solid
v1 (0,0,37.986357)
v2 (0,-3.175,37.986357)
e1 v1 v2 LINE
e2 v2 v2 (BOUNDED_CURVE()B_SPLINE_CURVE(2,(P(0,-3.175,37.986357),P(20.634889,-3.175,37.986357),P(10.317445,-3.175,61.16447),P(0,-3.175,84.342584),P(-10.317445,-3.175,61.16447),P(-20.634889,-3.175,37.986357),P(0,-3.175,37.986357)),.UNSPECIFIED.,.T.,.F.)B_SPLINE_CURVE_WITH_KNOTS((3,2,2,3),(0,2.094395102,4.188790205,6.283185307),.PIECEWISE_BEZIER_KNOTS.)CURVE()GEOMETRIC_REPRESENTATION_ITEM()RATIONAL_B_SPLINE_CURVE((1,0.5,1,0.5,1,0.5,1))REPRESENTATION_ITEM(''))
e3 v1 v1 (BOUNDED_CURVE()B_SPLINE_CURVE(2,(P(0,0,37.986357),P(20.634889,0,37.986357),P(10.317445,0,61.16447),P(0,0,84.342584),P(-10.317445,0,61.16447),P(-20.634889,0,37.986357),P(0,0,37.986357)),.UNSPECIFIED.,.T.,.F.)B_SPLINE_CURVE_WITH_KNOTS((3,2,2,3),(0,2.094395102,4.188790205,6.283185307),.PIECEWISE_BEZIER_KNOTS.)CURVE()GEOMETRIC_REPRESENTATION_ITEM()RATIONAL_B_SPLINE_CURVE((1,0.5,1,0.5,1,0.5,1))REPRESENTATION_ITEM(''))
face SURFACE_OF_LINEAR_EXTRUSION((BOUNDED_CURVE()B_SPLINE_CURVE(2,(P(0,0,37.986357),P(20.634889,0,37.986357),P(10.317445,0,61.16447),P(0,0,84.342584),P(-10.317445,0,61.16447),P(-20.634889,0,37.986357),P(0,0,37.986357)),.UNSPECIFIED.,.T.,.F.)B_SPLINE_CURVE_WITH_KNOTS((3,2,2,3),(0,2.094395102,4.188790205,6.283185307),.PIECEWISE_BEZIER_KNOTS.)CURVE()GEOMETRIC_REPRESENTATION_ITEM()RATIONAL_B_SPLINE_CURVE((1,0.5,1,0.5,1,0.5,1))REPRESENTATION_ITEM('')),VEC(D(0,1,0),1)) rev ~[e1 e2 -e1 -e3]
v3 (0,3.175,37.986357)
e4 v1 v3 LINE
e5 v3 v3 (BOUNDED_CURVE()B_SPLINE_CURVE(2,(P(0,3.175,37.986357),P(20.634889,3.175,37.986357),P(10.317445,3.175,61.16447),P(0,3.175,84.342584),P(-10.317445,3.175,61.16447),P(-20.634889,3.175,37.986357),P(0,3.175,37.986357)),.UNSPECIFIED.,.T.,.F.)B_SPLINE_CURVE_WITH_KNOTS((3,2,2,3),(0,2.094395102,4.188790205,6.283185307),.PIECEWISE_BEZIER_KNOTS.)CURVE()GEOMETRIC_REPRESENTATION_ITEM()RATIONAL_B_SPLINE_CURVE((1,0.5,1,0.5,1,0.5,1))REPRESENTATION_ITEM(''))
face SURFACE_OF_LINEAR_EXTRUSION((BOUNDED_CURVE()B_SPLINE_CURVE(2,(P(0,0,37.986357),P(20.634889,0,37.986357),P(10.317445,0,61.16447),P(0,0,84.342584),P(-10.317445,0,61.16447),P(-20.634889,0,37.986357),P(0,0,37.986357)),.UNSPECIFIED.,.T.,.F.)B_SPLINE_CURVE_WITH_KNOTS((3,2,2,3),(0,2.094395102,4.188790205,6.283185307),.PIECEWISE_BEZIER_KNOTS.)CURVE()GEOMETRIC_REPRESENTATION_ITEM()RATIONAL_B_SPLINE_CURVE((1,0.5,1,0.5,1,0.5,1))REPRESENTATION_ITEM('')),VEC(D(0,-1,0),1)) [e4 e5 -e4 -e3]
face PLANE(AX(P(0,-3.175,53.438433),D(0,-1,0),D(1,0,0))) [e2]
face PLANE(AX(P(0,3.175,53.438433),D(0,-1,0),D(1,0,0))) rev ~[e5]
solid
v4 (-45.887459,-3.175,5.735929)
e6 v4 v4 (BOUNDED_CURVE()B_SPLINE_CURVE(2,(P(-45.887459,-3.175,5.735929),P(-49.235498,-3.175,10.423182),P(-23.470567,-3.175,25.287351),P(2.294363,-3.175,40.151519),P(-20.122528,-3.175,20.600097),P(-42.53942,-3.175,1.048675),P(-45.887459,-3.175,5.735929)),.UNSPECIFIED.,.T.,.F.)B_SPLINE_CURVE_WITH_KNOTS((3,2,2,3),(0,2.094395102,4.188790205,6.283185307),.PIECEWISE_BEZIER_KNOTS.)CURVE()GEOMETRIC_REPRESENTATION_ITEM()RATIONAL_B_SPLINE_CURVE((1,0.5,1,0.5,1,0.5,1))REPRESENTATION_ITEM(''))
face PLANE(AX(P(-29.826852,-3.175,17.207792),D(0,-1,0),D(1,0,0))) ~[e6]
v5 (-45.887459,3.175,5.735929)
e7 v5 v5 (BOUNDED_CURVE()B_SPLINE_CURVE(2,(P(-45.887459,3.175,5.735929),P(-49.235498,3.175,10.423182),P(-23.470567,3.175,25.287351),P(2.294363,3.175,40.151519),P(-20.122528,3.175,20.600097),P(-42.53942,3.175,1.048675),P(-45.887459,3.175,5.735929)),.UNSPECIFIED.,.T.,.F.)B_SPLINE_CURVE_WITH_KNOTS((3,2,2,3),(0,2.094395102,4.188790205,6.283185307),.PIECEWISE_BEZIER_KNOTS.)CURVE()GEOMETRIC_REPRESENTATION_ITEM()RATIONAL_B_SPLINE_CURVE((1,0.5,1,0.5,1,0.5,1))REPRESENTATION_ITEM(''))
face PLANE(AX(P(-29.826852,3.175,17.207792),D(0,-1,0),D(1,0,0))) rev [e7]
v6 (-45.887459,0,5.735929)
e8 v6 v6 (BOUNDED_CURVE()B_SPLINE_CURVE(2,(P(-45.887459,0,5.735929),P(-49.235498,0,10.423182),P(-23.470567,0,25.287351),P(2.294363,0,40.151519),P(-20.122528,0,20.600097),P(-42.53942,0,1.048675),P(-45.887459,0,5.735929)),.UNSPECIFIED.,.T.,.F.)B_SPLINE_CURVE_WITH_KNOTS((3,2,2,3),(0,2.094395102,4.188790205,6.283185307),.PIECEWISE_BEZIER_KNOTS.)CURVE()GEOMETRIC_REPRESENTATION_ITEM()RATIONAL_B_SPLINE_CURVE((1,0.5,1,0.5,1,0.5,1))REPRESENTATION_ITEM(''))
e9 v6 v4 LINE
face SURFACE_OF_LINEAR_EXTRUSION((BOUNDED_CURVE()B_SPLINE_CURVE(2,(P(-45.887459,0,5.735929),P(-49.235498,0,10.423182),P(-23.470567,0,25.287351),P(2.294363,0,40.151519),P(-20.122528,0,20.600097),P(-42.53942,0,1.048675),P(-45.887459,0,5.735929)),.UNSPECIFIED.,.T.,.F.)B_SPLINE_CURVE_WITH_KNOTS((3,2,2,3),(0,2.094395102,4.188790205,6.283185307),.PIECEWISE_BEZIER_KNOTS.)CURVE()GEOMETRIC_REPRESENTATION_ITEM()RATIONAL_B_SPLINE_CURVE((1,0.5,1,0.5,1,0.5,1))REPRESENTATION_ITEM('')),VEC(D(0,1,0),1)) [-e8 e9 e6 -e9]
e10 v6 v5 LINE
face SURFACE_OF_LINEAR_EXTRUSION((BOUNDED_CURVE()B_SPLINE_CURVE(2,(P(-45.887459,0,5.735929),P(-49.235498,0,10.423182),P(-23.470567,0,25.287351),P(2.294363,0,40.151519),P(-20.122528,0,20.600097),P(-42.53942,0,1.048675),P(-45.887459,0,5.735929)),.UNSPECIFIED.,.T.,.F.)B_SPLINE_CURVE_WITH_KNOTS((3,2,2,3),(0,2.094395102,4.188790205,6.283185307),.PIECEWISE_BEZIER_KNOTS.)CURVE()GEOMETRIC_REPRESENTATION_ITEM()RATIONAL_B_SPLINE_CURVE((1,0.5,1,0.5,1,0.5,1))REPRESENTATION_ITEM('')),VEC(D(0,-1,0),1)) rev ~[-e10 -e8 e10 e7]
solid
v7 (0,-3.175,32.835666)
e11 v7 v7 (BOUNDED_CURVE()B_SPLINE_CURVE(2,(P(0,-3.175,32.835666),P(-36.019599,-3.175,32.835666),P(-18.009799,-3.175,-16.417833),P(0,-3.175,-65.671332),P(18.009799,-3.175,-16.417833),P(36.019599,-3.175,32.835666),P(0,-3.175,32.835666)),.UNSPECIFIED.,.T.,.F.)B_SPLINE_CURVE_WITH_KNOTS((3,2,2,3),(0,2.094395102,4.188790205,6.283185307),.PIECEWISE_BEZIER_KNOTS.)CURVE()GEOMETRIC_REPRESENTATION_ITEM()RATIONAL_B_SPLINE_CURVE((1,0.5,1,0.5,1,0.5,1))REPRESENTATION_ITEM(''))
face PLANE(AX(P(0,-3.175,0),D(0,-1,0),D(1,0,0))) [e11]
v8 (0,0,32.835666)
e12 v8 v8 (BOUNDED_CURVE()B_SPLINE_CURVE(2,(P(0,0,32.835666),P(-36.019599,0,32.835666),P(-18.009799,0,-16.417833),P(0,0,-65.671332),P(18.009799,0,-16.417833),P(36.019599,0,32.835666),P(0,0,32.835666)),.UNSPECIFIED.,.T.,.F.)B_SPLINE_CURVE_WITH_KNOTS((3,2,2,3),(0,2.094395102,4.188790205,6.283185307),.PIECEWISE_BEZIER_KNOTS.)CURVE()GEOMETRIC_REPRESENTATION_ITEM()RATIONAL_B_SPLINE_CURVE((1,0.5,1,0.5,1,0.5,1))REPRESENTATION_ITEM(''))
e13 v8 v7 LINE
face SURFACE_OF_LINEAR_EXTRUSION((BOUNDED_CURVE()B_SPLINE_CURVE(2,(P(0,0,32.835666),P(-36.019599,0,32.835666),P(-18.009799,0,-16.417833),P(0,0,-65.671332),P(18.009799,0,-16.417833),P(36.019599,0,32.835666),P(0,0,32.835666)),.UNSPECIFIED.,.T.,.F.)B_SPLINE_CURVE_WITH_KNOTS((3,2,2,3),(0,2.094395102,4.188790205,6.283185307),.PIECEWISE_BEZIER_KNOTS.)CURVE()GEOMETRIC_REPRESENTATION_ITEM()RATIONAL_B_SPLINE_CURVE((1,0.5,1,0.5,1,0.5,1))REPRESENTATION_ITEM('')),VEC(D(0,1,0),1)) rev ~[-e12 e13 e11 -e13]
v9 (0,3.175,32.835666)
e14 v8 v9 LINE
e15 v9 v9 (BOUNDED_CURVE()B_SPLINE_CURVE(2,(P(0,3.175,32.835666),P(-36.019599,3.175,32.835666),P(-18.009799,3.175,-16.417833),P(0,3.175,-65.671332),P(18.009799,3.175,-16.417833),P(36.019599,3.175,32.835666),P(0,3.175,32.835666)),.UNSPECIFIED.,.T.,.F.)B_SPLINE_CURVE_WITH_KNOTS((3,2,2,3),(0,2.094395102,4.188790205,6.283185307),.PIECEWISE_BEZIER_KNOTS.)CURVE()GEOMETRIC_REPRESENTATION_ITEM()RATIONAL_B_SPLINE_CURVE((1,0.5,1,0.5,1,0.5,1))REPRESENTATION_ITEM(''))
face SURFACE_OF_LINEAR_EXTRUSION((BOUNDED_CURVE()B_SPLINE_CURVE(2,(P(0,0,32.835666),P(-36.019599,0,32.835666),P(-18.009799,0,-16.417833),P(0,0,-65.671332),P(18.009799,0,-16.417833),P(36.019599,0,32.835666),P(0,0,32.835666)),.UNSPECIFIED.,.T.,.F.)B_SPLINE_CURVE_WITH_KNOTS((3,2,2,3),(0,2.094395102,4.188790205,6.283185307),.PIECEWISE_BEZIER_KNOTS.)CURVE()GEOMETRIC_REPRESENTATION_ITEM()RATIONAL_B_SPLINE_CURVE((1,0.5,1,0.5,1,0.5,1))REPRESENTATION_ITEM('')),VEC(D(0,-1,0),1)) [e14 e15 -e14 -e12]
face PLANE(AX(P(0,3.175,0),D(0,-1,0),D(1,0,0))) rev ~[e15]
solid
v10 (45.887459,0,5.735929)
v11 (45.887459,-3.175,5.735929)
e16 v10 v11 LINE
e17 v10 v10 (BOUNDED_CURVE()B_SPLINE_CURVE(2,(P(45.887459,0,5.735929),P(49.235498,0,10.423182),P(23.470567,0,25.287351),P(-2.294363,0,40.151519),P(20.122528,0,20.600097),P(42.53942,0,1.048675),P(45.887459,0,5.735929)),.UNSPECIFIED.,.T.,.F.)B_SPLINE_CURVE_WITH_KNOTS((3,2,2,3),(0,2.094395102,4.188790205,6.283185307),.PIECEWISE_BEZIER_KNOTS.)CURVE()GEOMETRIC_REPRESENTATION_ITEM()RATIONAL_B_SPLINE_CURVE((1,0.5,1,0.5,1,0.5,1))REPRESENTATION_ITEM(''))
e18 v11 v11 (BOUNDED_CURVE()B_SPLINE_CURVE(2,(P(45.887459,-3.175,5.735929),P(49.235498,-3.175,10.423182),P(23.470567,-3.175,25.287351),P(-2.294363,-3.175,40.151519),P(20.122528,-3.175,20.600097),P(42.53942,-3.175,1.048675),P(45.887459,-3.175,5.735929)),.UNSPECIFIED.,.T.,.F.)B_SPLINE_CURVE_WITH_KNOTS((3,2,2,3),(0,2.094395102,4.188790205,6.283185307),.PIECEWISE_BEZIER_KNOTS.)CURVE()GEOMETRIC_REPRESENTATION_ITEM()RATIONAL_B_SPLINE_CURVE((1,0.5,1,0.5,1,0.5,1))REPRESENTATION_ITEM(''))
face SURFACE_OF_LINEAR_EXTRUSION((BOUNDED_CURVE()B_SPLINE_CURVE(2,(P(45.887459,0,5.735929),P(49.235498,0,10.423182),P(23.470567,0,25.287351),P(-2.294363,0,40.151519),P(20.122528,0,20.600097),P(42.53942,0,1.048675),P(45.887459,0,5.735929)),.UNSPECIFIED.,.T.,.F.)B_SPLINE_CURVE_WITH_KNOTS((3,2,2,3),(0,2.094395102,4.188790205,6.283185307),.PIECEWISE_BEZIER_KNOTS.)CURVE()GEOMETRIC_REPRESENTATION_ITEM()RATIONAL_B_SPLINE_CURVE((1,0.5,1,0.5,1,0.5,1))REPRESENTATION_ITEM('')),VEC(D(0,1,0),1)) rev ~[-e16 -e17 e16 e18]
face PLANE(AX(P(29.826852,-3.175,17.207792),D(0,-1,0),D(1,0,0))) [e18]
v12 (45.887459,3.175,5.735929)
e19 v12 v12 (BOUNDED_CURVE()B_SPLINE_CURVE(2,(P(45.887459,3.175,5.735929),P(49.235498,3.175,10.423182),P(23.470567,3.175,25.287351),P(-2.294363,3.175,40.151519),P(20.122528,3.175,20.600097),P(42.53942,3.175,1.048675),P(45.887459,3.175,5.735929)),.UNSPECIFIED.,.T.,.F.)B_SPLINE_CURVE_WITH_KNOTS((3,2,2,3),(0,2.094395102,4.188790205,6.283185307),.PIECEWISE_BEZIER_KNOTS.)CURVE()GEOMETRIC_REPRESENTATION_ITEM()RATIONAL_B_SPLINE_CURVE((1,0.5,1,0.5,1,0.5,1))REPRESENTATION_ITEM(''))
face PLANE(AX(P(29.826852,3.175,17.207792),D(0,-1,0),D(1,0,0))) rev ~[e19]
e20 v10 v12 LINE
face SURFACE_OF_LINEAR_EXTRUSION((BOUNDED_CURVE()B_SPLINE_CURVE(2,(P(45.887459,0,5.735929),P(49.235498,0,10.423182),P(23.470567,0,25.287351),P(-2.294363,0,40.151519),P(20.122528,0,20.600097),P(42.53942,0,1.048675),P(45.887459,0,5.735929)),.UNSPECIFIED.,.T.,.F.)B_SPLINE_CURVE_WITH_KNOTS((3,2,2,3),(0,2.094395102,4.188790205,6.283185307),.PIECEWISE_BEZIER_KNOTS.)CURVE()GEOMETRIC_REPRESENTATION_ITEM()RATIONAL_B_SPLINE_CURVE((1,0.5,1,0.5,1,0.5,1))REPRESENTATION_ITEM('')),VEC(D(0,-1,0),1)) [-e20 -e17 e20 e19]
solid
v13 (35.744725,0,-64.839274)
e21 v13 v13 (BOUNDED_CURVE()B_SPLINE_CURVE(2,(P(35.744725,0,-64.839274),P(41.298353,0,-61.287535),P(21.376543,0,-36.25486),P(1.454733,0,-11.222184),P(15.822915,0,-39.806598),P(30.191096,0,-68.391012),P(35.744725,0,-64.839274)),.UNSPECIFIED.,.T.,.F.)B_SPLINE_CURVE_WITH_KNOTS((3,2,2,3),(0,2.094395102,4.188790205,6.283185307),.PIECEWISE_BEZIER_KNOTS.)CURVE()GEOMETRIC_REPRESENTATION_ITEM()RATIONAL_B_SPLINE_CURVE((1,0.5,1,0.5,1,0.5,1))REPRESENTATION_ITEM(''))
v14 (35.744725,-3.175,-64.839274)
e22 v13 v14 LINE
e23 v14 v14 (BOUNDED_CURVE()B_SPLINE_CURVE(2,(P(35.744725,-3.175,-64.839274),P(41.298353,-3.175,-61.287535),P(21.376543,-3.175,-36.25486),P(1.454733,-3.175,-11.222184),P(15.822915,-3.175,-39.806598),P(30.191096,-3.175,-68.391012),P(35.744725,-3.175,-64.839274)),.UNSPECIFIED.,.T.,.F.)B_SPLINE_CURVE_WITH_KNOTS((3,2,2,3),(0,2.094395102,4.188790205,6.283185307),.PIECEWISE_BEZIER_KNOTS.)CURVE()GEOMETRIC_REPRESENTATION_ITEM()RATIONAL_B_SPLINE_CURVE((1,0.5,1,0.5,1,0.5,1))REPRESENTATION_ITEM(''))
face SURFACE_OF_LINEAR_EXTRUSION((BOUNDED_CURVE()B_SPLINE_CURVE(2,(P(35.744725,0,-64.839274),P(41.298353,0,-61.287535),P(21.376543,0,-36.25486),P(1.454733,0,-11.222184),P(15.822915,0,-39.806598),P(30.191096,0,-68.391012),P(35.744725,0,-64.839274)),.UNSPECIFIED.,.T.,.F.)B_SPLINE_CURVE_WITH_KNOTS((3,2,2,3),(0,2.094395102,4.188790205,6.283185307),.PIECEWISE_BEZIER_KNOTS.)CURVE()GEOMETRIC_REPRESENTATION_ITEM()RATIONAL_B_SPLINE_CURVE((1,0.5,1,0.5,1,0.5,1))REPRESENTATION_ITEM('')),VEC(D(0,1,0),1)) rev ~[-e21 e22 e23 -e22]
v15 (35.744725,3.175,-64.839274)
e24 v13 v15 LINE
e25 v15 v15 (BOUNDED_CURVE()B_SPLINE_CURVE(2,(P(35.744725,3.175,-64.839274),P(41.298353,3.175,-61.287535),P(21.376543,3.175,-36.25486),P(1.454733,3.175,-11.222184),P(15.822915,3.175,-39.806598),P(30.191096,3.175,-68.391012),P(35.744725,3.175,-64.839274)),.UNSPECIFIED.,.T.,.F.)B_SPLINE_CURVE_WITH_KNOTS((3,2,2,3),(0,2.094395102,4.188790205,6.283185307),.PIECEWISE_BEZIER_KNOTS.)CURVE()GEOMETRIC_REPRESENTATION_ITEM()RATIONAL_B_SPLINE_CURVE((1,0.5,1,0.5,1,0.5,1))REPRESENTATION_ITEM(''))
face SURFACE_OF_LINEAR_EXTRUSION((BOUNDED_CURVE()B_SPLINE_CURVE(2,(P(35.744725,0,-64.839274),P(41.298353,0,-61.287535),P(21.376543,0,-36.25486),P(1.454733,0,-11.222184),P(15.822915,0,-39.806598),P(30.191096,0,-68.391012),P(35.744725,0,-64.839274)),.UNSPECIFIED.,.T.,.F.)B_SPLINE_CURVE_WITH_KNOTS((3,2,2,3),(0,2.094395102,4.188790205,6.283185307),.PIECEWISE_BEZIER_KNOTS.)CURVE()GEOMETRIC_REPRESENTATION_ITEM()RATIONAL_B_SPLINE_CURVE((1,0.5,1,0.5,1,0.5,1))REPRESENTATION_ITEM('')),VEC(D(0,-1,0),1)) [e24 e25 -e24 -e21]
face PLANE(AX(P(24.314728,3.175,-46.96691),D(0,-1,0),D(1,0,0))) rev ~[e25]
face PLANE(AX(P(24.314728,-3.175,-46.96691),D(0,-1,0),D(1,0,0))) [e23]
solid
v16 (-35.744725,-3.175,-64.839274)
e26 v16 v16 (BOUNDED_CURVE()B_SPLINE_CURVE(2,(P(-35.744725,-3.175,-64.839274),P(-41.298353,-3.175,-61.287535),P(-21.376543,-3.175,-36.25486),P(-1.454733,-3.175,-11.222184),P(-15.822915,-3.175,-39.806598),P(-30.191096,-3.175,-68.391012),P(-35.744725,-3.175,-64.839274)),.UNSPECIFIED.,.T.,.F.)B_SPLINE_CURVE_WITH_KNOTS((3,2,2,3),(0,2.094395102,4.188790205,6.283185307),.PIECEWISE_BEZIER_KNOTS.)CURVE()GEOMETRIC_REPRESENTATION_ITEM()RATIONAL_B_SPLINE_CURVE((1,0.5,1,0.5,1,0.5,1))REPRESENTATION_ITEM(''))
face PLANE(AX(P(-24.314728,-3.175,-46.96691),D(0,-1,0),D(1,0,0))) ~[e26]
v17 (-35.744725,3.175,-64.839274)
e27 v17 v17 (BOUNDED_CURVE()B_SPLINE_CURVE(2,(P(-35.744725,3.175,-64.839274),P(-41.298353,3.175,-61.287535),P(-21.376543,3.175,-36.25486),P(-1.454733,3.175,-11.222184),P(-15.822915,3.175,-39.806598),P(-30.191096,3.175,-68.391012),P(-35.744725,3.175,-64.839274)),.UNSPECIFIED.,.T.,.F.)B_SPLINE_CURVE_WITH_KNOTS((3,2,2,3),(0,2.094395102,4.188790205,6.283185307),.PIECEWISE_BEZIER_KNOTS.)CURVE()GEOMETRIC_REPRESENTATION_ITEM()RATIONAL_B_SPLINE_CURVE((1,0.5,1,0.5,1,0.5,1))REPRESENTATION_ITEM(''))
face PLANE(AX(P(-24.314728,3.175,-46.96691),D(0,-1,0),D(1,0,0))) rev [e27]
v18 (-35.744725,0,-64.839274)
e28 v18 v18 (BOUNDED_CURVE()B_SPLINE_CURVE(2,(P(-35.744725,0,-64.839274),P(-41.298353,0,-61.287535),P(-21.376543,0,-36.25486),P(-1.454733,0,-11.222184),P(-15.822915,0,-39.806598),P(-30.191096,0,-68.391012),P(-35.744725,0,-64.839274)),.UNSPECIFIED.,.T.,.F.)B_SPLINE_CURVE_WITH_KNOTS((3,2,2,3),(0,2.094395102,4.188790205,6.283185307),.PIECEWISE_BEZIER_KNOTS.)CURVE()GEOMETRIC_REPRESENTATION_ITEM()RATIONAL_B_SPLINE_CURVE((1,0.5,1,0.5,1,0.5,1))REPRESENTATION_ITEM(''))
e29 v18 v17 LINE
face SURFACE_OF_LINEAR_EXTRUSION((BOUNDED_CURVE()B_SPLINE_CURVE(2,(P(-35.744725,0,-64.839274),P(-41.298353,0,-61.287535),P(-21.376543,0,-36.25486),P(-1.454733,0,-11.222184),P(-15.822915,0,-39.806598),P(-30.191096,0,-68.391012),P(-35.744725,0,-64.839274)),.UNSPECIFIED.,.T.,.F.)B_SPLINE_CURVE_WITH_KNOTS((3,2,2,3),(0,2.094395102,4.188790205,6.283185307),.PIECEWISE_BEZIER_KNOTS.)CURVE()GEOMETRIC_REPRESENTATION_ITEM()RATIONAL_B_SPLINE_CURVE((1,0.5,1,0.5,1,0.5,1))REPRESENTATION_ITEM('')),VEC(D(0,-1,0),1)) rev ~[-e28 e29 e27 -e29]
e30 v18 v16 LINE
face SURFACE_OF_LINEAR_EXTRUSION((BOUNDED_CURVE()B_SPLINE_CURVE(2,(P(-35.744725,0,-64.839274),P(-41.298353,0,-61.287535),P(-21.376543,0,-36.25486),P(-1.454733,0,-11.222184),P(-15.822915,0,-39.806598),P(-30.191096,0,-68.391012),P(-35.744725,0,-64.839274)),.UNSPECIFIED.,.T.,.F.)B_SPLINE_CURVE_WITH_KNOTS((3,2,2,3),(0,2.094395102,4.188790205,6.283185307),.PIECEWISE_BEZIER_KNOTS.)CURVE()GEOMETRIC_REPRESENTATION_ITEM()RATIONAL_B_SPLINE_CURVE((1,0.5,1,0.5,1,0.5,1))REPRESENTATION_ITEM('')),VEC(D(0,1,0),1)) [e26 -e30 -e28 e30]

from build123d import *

# Parameters (mm, degrees)
F1_DEPTH = 3.175
F3_DEPTH = 3.175
F5_DEPTH = 3.175
F7_DEPTH = 3.175


with BuildPart() as f1:
    # F0 (on Front) → F1 (new body, symmetric)
    with BuildSketch(Plane.XZ):
        with BuildLine():
            add(Edge.make_bspline(
                [(0, 37.986356765), (20.634889225, 37.986356765), (10.3174446125, 61.1644703895), (0, 84.3425840139), (-10.3174446125, 61.1644703895), (-20.634889225, 37.986356765), (0, 37.986356765)],
                knots=[0, 0, 0, 2.0943951024, 2.0943951024, 4.1887902048, 4.1887902048, 6.2831853072, 6.2831853072, 6.2831853072], degree=2, weights=[1, 0.5, 1, 0.5, 1, 0.5, 1]))
        make_face()
    extrude(amount=F1_DEPTH, both=True)


with BuildPart() as f3:
    # F2 (on Front) → F3 (new body, symmetric)
    with BuildSketch(Plane.XZ):
        with BuildLine():
            add(Edge.make_bspline(
                [(0, 32.8356660903), (-36.0195986907, 32.8356660903), (-18.0097993454, -16.4178330451), (0, -65.6713321805), (18.0097993454, -16.4178330451), (36.0195986907, 32.8356660902), (0, 32.8356660903)],
                knots=[0, 0, 0, 2.0943951024, 2.0943951024, 4.1887902048, 4.1887902048, 6.2831853072, 6.2831853072, 6.2831853072], degree=2, weights=[1, 0.5, 1, 0.5, 1, 0.5, 1]))
        make_face()
    extrude(amount=F3_DEPTH, both=True)


with BuildPart() as f5:
    # F4 (on Front) → F5 (new body, symmetric)
    with BuildSketch(Plane.XZ):
        with BuildLine():
            add(Edge.make_bspline(
                [(45.8874590695, 5.7359286584), (49.2354977035, 10.4231823927), (23.4705671248, 25.2873505811), (-2.294363454, 40.1515187696), (20.1225284907, 20.6000968468), (42.5394204354, 1.0486749241), (45.8874590695, 5.7359286584)],
                knots=[0, 0, 0, 2.0943951024, 2.0943951024, 4.1887902048, 4.1887902048, 6.2831853072, 6.2831853072, 6.2831853072], degree=2, weights=[1, 0.5, 1, 0.5, 1, 0.5, 1]))
        make_face()
    extrude(amount=F5_DEPTH, both=True)


with BuildPart() as f7:
    # F6 (on Front) → F7 (new body, symmetric)
    with BuildSketch(Plane.XZ):
        with BuildLine():
            add(Edge.make_bspline(
                [(35.7447247952, -64.8392736912), (41.2983532583, -61.2875353789), (21.3765432852, -36.2548595417), (1.4547333121, -11.2221837044), (15.8229148222, -39.8065978539), (30.1910963322, -68.3910120034), (35.7447247952, -64.8392736912)],
                knots=[0, 0, 0, 2.0943951024, 2.0943951024, 4.1887902048, 4.1887902048, 6.2831853072, 6.2831853072, 6.2831853072], degree=2, weights=[1, 0.5, 1, 0.5, 1, 0.5, 1]))
        make_face()
    extrude(amount=F7_DEPTH, both=True)


with BuildPart() as f8_1:
    # F8: instance of F5
    add(f5.part.mirror(Plane.YZ))


with BuildPart() as f8_2:
    # F8: instance of F7
    add(f7.part.mirror(Plane.YZ))


solid = Compound([f1.part, f3.part, f5.part, f7.part, f8_1.part, f8_2.part])
